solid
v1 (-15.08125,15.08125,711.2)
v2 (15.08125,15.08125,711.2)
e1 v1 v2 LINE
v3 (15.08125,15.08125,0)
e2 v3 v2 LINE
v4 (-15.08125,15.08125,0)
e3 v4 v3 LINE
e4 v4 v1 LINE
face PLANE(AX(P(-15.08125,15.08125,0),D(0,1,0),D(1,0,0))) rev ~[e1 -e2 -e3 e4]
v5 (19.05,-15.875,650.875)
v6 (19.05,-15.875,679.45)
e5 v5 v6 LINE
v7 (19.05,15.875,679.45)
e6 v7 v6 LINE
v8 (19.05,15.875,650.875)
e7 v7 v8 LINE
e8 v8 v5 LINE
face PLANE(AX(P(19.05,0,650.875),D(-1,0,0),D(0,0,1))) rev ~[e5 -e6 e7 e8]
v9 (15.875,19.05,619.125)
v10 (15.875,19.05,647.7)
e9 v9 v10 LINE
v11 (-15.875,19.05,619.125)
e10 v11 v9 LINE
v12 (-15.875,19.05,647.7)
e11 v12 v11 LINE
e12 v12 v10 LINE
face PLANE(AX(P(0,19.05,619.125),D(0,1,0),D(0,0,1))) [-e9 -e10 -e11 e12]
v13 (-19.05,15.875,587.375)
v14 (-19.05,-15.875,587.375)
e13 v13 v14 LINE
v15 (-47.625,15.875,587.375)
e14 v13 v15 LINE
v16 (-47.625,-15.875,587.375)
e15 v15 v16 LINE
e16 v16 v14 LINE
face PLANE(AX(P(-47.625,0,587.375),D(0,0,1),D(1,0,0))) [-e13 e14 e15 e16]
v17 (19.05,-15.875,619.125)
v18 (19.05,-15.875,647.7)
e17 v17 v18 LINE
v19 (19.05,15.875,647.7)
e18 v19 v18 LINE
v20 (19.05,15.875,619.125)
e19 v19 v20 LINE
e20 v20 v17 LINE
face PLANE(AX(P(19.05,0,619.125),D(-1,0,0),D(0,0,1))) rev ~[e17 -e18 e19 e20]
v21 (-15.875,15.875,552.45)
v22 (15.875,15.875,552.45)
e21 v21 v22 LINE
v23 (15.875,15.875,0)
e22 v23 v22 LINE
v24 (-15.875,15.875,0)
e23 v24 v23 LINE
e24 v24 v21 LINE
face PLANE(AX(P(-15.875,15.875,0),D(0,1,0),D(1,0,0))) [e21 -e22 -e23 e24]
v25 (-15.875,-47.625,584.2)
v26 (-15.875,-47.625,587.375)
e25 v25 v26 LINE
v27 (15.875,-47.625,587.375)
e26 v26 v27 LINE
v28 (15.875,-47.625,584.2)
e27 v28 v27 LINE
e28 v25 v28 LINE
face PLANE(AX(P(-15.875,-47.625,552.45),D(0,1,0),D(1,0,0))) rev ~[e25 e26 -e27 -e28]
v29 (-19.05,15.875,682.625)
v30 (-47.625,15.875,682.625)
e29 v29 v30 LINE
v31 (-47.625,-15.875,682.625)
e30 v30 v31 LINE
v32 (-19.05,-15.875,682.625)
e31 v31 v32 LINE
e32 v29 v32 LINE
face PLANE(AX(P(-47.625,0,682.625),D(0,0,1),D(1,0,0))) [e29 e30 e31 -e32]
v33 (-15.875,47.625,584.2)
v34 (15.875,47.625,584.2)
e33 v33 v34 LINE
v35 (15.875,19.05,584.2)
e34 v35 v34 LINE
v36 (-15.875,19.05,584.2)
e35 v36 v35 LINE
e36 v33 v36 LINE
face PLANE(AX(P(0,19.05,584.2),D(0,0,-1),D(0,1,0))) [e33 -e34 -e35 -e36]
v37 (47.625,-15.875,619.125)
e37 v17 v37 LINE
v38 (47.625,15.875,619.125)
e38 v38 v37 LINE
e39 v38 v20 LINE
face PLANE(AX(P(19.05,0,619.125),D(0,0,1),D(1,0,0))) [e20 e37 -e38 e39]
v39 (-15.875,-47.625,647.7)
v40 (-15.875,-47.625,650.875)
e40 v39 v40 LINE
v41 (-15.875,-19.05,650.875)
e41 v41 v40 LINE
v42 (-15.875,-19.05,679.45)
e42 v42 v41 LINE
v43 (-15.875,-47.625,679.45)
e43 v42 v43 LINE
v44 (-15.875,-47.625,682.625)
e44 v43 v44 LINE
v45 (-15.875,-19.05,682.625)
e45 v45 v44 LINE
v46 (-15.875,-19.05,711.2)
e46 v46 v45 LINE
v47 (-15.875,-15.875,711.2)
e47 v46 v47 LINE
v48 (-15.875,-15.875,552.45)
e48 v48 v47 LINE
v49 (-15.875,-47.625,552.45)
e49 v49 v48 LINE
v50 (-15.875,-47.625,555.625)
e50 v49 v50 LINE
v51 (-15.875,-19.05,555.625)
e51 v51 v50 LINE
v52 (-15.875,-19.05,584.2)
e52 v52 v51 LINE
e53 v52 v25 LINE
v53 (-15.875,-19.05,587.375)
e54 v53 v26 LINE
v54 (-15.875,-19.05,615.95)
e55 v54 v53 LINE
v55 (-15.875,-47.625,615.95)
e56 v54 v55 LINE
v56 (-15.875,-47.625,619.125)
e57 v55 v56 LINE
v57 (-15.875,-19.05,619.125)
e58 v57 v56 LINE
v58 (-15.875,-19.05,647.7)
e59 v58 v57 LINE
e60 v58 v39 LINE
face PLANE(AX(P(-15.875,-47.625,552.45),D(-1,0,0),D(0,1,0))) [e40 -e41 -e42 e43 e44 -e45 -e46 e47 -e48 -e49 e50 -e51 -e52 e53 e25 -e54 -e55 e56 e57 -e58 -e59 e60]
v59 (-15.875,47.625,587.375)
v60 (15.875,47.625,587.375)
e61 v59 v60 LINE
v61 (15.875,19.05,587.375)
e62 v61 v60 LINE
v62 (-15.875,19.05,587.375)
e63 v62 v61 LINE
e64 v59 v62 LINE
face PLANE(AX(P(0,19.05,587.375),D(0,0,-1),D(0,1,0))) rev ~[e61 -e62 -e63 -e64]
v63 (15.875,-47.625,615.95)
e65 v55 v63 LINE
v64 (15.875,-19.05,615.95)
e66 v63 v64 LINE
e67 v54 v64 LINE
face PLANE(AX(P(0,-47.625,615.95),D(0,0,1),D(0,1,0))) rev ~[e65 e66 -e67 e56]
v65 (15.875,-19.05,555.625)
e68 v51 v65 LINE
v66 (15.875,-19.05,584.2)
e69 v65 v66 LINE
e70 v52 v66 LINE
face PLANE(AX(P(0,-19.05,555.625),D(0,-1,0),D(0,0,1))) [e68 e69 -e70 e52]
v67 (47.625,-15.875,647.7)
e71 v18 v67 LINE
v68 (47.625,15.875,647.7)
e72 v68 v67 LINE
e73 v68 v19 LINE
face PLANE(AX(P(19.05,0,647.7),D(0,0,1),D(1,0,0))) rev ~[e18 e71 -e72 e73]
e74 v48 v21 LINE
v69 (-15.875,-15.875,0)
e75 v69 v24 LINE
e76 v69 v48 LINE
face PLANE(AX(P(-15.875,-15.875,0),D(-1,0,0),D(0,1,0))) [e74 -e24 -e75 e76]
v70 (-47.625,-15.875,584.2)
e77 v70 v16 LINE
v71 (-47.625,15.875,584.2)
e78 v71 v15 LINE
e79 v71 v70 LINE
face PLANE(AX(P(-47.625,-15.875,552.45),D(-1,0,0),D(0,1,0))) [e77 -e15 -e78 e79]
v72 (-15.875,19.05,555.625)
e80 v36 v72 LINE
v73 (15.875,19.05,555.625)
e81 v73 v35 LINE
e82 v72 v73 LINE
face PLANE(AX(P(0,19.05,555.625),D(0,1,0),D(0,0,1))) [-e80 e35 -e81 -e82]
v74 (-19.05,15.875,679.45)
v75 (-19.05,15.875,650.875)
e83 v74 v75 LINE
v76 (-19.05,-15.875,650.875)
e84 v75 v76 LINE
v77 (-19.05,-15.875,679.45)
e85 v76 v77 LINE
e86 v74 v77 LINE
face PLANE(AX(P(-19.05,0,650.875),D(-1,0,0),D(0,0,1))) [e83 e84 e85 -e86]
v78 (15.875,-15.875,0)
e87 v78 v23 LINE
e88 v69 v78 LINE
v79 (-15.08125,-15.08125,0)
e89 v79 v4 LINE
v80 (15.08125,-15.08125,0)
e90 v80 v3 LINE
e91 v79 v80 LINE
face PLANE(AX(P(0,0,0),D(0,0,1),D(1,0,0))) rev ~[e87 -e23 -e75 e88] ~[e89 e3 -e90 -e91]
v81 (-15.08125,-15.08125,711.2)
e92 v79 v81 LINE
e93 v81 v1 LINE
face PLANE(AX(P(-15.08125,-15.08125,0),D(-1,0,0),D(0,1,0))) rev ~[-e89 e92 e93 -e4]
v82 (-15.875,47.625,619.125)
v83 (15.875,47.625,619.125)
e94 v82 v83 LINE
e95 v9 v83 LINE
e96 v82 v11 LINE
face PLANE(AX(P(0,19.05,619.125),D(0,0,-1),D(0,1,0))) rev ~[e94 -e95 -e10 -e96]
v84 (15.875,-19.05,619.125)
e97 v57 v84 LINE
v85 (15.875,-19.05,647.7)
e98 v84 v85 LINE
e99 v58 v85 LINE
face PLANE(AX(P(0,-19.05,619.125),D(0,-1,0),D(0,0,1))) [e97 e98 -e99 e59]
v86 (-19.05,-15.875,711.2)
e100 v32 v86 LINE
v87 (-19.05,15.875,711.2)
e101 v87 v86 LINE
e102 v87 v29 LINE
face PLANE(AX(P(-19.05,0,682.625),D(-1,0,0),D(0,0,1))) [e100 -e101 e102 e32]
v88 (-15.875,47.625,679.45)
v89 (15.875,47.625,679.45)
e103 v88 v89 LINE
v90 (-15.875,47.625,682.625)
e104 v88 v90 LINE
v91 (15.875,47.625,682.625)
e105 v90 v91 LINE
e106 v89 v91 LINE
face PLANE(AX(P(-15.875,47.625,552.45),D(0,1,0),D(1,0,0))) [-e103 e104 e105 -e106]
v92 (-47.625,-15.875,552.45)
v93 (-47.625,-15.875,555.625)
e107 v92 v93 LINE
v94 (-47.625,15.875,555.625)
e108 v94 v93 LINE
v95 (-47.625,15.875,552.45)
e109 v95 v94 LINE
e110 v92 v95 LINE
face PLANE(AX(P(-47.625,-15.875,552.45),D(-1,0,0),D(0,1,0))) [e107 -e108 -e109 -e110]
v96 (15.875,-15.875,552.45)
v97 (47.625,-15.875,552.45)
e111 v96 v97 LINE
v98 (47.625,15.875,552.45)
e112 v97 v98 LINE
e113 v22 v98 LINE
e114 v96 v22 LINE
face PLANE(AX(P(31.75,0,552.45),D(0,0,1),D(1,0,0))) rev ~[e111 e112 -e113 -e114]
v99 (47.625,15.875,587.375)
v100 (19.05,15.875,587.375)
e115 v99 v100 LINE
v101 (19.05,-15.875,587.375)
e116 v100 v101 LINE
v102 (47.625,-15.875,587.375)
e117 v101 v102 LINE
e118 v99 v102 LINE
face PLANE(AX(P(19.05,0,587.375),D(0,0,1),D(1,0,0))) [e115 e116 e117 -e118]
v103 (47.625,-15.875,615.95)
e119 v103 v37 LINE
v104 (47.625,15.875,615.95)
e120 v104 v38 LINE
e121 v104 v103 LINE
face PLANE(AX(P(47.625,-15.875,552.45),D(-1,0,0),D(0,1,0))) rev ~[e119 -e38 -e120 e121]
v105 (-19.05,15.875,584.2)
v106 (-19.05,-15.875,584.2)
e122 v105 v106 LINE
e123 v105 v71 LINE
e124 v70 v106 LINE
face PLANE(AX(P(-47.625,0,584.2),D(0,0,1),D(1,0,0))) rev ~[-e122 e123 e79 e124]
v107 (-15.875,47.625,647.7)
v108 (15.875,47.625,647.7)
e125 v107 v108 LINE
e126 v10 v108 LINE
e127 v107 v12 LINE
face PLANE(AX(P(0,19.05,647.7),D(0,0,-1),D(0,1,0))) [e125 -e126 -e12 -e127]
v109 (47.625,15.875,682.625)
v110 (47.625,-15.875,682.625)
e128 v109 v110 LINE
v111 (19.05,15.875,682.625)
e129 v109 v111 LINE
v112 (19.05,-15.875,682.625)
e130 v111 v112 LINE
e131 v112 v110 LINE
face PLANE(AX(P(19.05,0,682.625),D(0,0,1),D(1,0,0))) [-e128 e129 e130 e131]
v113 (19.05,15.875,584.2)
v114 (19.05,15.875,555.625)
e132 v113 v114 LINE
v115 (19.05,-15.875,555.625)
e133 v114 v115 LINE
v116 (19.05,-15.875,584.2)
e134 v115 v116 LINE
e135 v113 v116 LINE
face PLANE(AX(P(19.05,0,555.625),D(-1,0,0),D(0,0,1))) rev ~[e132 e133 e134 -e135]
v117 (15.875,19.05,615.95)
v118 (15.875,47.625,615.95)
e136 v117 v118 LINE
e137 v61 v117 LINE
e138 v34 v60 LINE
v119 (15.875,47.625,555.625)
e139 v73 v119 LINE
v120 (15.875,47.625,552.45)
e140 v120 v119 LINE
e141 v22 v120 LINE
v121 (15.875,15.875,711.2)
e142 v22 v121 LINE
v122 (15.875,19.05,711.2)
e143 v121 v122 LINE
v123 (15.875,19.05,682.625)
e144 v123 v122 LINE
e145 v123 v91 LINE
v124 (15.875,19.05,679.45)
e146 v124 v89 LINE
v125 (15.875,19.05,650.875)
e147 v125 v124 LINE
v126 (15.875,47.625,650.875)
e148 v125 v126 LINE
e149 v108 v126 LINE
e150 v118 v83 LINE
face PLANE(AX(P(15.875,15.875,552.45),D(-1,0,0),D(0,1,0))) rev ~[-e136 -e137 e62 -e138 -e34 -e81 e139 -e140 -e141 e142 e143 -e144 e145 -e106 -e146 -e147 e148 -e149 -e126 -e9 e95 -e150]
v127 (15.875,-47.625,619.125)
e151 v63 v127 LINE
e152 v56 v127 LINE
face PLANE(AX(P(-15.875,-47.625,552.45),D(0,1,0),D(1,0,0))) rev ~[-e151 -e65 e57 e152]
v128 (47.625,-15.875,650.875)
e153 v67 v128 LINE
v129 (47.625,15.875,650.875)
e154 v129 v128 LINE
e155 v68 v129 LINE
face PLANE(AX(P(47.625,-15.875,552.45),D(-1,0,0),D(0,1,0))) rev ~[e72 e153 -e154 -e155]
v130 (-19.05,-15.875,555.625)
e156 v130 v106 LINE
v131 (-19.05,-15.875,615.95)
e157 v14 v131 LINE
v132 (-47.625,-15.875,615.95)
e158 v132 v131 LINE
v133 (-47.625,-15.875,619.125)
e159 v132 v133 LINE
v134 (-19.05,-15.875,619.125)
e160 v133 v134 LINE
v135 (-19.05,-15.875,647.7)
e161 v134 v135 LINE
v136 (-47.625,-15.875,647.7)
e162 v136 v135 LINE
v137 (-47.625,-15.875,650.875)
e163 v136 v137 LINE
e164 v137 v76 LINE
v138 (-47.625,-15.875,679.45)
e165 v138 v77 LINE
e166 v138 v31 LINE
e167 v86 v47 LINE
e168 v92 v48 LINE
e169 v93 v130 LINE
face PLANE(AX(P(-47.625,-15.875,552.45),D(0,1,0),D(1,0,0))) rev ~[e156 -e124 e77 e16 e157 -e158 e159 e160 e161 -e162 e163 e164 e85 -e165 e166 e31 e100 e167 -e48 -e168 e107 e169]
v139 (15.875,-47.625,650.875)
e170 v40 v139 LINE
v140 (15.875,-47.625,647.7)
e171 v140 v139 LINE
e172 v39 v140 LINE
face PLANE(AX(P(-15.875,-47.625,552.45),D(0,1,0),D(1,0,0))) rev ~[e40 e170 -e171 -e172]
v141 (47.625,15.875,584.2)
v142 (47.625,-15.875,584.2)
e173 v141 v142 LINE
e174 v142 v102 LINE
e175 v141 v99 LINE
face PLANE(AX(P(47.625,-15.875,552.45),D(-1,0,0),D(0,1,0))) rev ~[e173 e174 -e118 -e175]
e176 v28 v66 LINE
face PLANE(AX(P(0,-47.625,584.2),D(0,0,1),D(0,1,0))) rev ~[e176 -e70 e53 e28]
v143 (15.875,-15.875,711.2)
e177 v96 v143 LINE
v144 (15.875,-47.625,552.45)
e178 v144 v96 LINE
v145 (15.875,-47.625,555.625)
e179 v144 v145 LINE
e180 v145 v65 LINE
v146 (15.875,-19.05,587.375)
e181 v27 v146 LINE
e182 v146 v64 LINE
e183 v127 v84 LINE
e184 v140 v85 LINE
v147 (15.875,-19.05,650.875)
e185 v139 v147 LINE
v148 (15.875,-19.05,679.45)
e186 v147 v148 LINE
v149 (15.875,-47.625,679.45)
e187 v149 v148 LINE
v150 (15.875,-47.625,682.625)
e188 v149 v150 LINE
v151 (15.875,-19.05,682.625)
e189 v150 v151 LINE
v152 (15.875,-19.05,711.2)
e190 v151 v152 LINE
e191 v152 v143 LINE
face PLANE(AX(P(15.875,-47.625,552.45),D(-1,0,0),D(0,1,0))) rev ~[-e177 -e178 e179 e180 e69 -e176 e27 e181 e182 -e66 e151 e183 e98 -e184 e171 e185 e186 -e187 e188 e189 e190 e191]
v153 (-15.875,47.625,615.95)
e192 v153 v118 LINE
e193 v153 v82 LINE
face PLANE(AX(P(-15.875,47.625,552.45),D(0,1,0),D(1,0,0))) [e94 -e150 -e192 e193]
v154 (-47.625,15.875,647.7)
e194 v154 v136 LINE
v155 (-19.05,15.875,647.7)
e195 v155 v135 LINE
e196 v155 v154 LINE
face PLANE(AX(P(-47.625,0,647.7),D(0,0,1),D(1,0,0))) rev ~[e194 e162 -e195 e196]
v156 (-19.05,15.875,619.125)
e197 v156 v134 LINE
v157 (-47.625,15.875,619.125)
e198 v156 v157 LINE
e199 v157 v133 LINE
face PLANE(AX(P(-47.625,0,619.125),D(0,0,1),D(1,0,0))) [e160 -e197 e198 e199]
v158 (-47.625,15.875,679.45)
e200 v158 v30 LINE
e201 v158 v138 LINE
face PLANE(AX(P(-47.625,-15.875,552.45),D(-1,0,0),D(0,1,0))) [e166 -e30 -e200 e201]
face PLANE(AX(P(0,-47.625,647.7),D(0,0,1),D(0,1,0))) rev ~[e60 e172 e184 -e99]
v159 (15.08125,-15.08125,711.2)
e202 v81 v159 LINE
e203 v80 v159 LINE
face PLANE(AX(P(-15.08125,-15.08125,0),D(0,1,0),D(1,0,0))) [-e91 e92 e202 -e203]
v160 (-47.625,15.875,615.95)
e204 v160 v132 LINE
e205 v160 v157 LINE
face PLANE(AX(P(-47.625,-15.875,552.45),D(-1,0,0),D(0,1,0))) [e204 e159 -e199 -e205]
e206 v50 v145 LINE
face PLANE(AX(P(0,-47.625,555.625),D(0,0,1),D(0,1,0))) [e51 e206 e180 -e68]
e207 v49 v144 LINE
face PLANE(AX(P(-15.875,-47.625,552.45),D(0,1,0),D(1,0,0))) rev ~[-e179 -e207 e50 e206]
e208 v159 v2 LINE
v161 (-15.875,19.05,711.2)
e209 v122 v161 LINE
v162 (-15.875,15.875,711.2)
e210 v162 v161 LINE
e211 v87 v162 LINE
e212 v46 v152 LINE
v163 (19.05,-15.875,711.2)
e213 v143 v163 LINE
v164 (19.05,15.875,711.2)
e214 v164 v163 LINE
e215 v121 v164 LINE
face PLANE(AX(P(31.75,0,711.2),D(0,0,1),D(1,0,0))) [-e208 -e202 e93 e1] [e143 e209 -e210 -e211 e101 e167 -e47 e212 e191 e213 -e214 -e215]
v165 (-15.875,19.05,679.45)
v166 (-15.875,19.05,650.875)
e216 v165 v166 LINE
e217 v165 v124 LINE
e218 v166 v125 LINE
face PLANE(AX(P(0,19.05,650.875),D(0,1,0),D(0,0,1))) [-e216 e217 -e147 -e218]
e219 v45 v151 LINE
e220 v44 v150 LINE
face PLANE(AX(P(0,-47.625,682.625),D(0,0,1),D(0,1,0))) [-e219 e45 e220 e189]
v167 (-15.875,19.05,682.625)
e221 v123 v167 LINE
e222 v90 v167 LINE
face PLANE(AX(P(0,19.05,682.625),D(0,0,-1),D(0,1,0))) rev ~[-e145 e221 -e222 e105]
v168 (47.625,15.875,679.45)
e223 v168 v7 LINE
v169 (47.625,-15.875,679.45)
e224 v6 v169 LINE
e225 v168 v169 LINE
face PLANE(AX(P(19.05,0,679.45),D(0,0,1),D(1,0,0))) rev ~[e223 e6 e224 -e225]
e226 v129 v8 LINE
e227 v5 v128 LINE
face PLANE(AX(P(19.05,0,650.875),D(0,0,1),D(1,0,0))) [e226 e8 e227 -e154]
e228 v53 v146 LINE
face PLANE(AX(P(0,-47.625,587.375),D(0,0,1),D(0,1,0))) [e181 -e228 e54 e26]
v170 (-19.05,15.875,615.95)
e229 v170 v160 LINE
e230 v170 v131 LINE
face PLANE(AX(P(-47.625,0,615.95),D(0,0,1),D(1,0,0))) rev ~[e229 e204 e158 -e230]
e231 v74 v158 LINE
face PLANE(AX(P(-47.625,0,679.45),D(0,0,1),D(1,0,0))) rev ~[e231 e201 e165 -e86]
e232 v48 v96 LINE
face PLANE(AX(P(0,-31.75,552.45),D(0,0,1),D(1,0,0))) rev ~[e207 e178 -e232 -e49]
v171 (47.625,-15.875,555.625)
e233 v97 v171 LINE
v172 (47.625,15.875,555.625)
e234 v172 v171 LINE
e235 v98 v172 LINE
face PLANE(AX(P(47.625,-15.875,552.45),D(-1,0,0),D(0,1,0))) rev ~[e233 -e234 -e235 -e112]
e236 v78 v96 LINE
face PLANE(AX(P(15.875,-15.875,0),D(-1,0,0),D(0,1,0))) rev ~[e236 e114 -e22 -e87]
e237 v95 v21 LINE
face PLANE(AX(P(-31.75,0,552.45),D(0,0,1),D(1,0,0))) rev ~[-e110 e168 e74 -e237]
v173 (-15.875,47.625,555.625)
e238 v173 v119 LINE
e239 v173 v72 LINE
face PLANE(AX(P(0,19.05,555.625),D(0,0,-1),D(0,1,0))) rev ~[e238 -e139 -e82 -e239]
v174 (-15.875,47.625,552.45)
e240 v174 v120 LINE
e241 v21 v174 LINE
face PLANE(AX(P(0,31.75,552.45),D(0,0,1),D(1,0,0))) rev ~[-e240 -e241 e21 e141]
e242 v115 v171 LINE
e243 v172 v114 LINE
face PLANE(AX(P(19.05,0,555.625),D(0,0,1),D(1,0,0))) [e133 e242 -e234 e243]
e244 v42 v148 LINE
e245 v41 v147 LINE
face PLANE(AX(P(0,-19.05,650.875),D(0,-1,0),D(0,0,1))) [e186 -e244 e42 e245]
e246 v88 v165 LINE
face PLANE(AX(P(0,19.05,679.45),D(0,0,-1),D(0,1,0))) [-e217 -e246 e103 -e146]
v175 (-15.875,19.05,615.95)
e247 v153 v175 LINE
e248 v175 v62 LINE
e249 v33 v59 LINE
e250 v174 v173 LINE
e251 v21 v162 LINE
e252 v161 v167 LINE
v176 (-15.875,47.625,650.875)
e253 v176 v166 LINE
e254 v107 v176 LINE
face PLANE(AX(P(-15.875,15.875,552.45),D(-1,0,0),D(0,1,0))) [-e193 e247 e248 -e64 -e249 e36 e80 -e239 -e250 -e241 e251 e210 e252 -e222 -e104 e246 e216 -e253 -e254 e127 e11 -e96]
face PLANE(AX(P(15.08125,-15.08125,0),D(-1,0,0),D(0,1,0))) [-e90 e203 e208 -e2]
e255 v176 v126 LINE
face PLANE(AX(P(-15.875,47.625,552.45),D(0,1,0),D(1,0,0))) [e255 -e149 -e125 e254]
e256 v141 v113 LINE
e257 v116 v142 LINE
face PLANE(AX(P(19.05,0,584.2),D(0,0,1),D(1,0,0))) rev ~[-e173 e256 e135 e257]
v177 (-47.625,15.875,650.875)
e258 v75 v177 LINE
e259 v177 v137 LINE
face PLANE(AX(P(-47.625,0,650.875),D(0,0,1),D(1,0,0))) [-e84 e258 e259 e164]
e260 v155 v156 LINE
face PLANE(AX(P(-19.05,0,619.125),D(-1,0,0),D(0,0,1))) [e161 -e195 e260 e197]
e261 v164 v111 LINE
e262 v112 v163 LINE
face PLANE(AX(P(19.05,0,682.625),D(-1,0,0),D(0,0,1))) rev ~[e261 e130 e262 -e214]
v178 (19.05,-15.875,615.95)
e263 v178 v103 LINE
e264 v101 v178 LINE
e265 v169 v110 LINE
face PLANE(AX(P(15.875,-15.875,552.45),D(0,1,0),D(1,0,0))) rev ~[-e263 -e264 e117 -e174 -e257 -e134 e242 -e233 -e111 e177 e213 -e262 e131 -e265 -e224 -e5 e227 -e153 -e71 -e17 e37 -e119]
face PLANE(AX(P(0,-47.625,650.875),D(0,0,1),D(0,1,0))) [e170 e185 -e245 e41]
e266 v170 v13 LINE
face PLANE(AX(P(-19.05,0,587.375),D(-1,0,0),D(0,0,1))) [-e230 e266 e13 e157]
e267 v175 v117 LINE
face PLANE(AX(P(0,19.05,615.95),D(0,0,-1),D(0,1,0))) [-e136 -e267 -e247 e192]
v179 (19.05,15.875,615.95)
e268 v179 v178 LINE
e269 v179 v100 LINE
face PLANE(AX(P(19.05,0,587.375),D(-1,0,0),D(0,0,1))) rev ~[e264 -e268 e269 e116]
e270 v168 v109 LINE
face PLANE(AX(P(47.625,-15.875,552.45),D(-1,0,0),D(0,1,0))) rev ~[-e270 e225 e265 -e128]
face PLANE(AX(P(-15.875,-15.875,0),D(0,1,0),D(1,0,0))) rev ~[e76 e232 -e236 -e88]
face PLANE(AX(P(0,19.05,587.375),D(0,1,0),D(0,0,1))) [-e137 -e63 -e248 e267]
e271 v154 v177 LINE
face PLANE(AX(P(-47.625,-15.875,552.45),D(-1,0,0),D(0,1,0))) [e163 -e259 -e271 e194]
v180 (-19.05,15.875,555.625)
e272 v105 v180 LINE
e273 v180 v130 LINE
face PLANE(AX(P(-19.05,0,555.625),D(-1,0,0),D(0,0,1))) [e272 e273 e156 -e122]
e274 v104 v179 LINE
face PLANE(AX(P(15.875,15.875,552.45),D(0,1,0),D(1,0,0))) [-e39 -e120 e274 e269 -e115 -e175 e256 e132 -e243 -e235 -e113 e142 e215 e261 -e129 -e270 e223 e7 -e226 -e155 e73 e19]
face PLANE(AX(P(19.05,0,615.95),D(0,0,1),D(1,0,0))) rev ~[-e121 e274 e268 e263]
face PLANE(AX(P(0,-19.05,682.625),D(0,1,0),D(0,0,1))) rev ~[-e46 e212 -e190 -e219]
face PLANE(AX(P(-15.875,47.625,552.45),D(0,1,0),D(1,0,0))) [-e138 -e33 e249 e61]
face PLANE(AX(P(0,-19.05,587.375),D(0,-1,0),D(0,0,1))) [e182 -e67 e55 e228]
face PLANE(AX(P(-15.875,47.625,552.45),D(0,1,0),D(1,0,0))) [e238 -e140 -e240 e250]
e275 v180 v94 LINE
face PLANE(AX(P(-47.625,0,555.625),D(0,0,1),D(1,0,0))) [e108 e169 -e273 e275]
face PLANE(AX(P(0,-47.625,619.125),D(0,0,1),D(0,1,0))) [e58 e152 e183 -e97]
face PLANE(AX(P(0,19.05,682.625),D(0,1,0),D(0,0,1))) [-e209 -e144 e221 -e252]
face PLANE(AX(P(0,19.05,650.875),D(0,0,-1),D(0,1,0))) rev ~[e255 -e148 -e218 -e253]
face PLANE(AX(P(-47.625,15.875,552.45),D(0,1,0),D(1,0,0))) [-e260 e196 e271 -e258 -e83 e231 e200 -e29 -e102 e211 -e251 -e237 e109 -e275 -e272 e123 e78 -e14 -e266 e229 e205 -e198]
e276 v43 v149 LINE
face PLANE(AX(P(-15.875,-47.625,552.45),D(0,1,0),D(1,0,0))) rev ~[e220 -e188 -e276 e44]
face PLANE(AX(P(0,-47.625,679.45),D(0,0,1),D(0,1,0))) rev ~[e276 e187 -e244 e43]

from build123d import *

# Parameters (mm, degrees)
F0_W          = 31.75
F0_H          = 31.75
F0_W_2        = 30.1625
F0_H_2        = 30.1625
F1_DEPTH      = 711.2
F5_START      = 552.45
F4_W          = 31.75
F4_H          = 31.75
F5_DEPTH      = 158.75
F6_W          = 28.575
F6_H          = 28.575
F7_DEPTH      = 25.4
F7_DEPTH_BACK = 25.4
F8_W          = 28.575
F8_H          = 28.575
F9_DEPTH      = 25.4
F9_DEPTH_BACK = 25.4
F11_START     = 552.45
F10_W         = 30.1625
F10_H         = 30.1625
F11_DEPTH     = 158.75


with BuildPart() as f1:
    # F0 (on Top) → F1 (new body)
    with BuildSketch(Plane.XY):
        Rectangle(F0_W, F0_H)
        Rectangle(F0_W_2, F0_H_2, mode=Mode.SUBTRACT)
    extrude(amount=F1_DEPTH)

    # F4 (on Top) → F5 (join)
    with BuildSketch(Plane.XY.offset(F5_START)):
        with Locations((31.75, 0)):
            Rectangle(F4_W, F4_H)
        with Locations((-31.75, 0)):
            Rectangle(F4_W, F4_H)
        with Locations((0, 31.75)):
            Rectangle(F4_W, F4_H)
        with Locations((0, -31.75)):
            Rectangle(F4_W, F4_H)
    extrude(amount=F5_DEPTH)

    # F6 (on Front) → F7 (cut, two sides)
    with BuildSketch(Plane.XZ) as f7_sk:
        with Locations((33.3375, 665.1625)):
            Rectangle(F6_W, F6_H)
        with Locations((33.3375, 696.9125)):
            Rectangle(F6_W, F6_H)
        with Locations((-33.3375, 696.9125)):
            Rectangle(F6_W, F6_H)
        with Locations((-33.3375, 665.1625)):
            Rectangle(F6_W, F6_H)
        with Locations((33.3375, 633.4125)):
            Rectangle(F6_W, F6_H)
        with Locations((33.3375, 601.6625)):
            Rectangle(F6_W, F6_H)
        with Locations((33.3375, 569.9125)):
            Rectangle(F6_W, F6_H)
        with Locations((-33.3375, 633.4125)):
            Rectangle(F6_W, F6_H)
        with Locations((-33.3375, 601.6625)):
            Rectangle(F6_W, F6_H)
        with Locations((-33.3375, 569.9125)):
            Rectangle(F6_W, F6_H)
    extrude(amount=-F7_DEPTH, mode=Mode.SUBTRACT)
    extrude(f7_sk.sketch, amount=F7_DEPTH_BACK, mode=Mode.SUBTRACT)

    # F8 (on Right) → F9 (cut, two sides)
    with BuildSketch(Plane.YZ) as f9_sk:
        with Locations((33.3375, 696.9125)):
            Rectangle(F8_W, F8_H)
        with Locations((33.3375, 665.1625)):
            Rectangle(F8_W, F8_H)
        with Locations((-33.3375, 696.9125)):
            Rectangle(F8_W, F8_H)
        with Locations((-33.3375, 665.1625)):
            Rectangle(F8_W, F8_H)
        with Locations((33.3375, 633.4125)):
            Rectangle(F8_W, F8_H)
        with Locations((33.3375, 601.6625)):
            Rectangle(F8_W, F8_H)
        with Locations((33.3375, 569.9125)):
            Rectangle(F8_W, F8_H)
        with Locations((-33.3375, 633.4125)):
            Rectangle(F8_W, F8_H)
        with Locations((-33.3375, 601.6625)):
            Rectangle(F8_W, F8_H)
        with Locations((-33.3375, 569.9125)):
            Rectangle(F8_W, F8_H)
    extrude(amount=-F9_DEPTH, mode=Mode.SUBTRACT)
    extrude(f9_sk.sketch, amount=F9_DEPTH_BACK, mode=Mode.SUBTRACT)


with BuildPart() as f11:
    # F10 (on Top) → F11 (new body)
    with BuildSketch(Plane.XY.offset(F11_START)):
        Rectangle(F10_W, F10_H)
    extrude(amount=F11_DEPTH)


solid = f1.part
